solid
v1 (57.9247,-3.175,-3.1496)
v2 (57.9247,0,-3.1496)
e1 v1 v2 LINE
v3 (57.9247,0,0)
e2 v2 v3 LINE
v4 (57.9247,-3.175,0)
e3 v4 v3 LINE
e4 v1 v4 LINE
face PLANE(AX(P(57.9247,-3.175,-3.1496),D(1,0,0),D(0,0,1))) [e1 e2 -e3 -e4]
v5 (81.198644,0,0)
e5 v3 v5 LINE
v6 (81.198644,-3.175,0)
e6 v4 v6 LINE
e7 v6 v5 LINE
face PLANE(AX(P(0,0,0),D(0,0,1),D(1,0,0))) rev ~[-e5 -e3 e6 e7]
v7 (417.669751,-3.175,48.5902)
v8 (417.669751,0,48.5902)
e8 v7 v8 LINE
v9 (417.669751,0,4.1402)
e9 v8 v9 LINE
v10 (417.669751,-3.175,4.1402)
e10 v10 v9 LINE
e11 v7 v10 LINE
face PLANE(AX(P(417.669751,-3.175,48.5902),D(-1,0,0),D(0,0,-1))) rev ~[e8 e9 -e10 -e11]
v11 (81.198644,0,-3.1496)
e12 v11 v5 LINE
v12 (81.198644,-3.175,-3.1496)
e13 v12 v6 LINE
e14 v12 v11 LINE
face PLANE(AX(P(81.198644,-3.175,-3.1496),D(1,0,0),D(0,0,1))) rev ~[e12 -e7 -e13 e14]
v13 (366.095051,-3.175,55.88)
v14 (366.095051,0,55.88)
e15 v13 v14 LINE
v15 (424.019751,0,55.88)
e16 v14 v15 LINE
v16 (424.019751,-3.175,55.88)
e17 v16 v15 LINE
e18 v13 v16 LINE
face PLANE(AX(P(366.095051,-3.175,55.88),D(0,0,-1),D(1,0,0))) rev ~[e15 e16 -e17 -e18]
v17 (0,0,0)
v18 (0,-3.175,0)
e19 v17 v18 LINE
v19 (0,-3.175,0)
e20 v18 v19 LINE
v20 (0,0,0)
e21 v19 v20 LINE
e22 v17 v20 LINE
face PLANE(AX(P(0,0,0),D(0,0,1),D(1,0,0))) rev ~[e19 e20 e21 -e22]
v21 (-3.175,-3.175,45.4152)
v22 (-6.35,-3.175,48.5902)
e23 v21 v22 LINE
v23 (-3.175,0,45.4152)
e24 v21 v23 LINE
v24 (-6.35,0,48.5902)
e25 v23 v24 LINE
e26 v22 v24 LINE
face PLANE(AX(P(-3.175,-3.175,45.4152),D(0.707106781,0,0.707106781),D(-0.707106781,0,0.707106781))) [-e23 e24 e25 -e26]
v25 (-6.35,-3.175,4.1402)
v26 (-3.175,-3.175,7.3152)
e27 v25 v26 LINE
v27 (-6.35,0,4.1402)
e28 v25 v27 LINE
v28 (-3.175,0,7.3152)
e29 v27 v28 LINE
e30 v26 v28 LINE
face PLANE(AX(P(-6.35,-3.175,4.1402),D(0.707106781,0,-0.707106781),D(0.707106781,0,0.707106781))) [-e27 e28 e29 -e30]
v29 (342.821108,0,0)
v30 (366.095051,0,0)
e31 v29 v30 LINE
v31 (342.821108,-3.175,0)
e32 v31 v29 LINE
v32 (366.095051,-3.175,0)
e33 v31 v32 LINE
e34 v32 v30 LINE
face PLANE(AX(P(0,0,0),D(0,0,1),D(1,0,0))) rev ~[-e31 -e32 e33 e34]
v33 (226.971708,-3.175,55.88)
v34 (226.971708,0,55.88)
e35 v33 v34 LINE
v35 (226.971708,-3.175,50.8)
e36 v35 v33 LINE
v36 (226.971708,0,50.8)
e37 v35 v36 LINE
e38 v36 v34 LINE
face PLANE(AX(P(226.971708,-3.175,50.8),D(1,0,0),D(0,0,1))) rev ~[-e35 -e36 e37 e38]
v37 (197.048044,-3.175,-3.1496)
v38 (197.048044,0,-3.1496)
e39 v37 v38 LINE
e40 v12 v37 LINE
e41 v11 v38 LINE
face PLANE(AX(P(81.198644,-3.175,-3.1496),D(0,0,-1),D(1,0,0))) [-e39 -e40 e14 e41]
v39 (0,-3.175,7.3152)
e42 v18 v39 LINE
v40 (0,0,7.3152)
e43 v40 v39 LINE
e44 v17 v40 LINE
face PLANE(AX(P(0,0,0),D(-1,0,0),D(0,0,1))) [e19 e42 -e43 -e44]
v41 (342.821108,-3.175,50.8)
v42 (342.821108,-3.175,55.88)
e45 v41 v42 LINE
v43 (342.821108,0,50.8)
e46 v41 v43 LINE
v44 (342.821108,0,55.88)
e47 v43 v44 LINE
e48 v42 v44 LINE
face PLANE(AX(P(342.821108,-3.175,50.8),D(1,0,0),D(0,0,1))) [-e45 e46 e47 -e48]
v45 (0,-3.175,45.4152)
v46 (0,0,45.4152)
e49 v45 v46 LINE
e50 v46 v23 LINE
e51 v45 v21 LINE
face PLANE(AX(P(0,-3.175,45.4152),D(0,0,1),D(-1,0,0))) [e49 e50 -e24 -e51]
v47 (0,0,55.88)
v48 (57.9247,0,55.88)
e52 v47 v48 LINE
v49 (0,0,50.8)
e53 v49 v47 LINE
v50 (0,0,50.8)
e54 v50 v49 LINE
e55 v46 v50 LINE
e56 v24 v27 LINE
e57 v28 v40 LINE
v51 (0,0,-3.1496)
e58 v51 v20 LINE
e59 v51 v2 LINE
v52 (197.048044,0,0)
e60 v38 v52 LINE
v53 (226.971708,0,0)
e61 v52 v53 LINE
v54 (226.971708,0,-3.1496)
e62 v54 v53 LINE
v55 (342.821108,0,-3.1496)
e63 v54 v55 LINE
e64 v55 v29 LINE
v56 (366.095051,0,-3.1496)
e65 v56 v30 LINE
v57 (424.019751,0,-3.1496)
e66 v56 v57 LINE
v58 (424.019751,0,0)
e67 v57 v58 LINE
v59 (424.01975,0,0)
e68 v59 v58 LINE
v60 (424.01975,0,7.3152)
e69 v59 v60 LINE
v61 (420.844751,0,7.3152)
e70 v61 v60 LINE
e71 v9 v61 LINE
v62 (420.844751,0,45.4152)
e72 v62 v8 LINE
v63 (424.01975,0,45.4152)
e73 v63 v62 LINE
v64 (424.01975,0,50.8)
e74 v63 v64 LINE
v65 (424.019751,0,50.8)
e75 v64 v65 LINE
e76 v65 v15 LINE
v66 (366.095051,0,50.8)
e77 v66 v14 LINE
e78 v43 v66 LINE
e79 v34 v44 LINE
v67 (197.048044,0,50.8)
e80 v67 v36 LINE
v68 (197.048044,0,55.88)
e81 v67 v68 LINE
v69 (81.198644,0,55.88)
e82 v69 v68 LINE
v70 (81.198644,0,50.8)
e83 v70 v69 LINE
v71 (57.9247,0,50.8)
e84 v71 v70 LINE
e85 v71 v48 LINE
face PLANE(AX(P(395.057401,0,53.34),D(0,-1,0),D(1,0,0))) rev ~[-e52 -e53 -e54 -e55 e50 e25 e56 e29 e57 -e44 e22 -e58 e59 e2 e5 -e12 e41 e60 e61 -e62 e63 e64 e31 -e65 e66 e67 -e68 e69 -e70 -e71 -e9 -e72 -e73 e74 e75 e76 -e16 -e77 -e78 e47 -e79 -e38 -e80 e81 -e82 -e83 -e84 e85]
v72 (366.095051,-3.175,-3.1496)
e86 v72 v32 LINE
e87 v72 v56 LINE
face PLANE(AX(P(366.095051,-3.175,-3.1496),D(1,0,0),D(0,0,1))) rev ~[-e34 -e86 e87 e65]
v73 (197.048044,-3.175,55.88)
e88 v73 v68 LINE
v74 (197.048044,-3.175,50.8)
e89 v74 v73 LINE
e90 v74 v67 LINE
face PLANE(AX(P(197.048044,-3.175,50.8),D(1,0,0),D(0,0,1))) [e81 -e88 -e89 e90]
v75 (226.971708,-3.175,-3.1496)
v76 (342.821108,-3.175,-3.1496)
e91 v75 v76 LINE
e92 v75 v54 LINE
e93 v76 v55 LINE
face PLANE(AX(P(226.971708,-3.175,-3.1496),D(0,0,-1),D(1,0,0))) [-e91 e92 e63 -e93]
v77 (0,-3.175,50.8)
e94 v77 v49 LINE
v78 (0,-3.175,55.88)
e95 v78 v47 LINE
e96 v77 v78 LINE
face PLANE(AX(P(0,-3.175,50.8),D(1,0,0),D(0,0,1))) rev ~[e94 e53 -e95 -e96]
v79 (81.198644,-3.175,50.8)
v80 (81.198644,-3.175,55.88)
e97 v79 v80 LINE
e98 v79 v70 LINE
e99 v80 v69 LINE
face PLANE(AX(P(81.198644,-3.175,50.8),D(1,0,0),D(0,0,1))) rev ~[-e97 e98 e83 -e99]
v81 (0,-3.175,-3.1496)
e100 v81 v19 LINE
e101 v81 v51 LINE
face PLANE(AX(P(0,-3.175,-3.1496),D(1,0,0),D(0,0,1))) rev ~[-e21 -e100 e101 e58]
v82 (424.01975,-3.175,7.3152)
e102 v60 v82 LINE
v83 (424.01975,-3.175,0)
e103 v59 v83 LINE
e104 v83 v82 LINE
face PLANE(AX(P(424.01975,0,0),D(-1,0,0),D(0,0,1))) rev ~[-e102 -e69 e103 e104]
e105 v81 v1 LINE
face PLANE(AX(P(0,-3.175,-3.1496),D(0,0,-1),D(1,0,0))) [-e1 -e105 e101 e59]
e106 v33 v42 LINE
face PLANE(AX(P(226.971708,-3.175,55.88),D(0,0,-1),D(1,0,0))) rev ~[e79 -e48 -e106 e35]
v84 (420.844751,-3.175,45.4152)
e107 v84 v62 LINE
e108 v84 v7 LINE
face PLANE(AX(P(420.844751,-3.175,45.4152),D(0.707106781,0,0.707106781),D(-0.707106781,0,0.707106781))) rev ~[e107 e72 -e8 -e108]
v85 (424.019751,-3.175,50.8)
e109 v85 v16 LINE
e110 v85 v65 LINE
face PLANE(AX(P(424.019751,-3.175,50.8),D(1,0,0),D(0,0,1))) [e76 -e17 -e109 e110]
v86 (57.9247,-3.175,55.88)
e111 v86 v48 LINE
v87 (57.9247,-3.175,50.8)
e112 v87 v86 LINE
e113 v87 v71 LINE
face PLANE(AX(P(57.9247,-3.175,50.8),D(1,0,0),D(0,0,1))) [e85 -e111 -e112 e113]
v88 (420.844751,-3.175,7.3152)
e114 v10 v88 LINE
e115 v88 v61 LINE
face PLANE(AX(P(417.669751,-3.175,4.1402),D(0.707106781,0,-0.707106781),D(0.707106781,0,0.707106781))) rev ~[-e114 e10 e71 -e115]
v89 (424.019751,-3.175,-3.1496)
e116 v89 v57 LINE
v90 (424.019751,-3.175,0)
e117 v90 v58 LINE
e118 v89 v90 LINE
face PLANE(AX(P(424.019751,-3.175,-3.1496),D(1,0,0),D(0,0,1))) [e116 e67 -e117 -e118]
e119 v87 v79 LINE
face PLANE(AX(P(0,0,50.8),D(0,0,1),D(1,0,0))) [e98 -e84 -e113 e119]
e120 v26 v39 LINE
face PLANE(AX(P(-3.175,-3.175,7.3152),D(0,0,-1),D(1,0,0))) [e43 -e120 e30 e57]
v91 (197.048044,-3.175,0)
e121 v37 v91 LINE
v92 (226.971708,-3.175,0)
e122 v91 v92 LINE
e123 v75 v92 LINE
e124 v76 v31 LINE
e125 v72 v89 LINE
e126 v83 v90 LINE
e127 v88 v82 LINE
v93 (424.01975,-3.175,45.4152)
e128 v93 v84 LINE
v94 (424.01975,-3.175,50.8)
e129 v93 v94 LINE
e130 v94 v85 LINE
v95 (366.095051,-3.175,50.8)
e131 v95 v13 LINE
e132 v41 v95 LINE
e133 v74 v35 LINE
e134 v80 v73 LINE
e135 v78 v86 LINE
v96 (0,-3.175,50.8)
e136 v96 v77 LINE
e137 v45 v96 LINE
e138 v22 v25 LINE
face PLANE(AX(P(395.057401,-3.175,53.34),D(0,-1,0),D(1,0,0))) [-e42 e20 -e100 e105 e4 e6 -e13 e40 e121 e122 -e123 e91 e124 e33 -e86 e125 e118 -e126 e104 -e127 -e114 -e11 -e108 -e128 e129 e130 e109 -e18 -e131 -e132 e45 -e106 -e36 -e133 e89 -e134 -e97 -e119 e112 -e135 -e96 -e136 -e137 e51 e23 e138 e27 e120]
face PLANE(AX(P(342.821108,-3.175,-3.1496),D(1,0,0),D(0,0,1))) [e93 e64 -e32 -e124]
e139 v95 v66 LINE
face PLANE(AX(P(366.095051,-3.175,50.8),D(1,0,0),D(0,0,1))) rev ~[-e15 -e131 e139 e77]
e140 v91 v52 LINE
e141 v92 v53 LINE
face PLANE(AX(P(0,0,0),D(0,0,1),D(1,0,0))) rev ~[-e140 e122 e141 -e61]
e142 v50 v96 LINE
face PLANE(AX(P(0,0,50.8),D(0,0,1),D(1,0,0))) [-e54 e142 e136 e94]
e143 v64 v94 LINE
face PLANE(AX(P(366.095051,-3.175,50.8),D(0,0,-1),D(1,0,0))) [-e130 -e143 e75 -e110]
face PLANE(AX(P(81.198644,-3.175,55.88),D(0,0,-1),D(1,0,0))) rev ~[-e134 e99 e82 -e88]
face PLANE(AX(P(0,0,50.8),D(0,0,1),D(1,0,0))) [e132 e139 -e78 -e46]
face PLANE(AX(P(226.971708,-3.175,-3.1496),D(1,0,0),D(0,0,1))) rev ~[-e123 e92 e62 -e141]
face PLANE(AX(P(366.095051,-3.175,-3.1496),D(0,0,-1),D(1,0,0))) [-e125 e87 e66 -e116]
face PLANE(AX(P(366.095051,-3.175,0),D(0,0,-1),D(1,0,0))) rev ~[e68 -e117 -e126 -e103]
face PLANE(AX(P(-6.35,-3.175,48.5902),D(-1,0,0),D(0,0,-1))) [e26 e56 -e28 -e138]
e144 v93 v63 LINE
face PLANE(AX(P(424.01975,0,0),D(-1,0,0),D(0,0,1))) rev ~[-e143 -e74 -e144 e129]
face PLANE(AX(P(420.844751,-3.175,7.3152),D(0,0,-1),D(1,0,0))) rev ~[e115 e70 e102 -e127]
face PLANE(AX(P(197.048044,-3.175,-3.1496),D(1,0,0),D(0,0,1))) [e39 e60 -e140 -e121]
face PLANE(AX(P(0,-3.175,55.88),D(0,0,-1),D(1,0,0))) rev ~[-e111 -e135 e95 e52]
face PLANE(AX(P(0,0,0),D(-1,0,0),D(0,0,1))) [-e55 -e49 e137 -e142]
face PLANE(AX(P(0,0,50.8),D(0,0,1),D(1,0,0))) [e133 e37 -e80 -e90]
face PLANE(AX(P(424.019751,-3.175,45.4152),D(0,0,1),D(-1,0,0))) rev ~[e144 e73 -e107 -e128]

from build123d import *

# Parameters (mm, degrees)
F0_W     = 424.019751
F0_H     = 50.8
F1_DEPTH = 3.175
F2_W     = 57.9247
F2_H     = 5.08
F2_W_2   = 115.8494
F2_H_2   = 3.1496
F3_DEPTH = 3.175
F5_DEPTH = 3.175
F6_DEPTH = 3.176


with BuildPart() as f1:
    # F0 (on Front) → F1 (new body)
    with BuildSketch(Plane.XZ):
        with Locations((212.009875, 25.4)):
            Rectangle(F0_W, F0_H)
    extrude(amount=F1_DEPTH)

    # F2 (on face) → F3 (join)
    with BuildSketch(Plane.XZ.offset(3.175)):
        with Locations((28.96235, 53.34)):
            Rectangle(F2_W, F2_H)
        with Locations((139.123344, 53.34)):
            Rectangle(F2_W_2, F2_H)
        with Locations((284.896408, 53.34)):
            Rectangle(F2_W_2, F2_H)
        with Locations((395.057401, 53.34)):
            Rectangle(F2_W, F2_H)
        with Locations((28.96235, -1.5748)):
            Rectangle(F2_W, F2_H_2)
        with Locations((139.123344, -1.5748)):
            Rectangle(F2_W_2, F2_H_2)
        with Locations((284.896408, -1.5748)):
            Rectangle(F2_W_2, F2_H_2)
        with Locations((395.057401, -1.5748)):
            Rectangle(F2_W, F2_H_2)
    extrude(amount=-F3_DEPTH)

    # F4 (on face) → F5 (join)
    with BuildSketch(Plane.XZ.offset(3.175)):
        Polygon((0, 7.3152), (0, 45.4152), (-3.175, 45.4152), (-6.35, 48.5902), (-6.35, 4.1402), (-3.175, 7.3152), align=None)
    extrude(amount=-F5_DEPTH)

    # F4 (on face) → F6 (cut, through all)
    with BuildSketch(Plane.XZ.offset(3.175)):
        Polygon((424.019751, 7.3152), (424.019751, 45.4152), (420.844751, 45.4152), (417.669751, 48.5902), (417.669751, 4.1402), (420.844751, 7.3152), align=None)
    extrude(amount=-F6_DEPTH, mode=Mode.SUBTRACT)


solid = f1.part
